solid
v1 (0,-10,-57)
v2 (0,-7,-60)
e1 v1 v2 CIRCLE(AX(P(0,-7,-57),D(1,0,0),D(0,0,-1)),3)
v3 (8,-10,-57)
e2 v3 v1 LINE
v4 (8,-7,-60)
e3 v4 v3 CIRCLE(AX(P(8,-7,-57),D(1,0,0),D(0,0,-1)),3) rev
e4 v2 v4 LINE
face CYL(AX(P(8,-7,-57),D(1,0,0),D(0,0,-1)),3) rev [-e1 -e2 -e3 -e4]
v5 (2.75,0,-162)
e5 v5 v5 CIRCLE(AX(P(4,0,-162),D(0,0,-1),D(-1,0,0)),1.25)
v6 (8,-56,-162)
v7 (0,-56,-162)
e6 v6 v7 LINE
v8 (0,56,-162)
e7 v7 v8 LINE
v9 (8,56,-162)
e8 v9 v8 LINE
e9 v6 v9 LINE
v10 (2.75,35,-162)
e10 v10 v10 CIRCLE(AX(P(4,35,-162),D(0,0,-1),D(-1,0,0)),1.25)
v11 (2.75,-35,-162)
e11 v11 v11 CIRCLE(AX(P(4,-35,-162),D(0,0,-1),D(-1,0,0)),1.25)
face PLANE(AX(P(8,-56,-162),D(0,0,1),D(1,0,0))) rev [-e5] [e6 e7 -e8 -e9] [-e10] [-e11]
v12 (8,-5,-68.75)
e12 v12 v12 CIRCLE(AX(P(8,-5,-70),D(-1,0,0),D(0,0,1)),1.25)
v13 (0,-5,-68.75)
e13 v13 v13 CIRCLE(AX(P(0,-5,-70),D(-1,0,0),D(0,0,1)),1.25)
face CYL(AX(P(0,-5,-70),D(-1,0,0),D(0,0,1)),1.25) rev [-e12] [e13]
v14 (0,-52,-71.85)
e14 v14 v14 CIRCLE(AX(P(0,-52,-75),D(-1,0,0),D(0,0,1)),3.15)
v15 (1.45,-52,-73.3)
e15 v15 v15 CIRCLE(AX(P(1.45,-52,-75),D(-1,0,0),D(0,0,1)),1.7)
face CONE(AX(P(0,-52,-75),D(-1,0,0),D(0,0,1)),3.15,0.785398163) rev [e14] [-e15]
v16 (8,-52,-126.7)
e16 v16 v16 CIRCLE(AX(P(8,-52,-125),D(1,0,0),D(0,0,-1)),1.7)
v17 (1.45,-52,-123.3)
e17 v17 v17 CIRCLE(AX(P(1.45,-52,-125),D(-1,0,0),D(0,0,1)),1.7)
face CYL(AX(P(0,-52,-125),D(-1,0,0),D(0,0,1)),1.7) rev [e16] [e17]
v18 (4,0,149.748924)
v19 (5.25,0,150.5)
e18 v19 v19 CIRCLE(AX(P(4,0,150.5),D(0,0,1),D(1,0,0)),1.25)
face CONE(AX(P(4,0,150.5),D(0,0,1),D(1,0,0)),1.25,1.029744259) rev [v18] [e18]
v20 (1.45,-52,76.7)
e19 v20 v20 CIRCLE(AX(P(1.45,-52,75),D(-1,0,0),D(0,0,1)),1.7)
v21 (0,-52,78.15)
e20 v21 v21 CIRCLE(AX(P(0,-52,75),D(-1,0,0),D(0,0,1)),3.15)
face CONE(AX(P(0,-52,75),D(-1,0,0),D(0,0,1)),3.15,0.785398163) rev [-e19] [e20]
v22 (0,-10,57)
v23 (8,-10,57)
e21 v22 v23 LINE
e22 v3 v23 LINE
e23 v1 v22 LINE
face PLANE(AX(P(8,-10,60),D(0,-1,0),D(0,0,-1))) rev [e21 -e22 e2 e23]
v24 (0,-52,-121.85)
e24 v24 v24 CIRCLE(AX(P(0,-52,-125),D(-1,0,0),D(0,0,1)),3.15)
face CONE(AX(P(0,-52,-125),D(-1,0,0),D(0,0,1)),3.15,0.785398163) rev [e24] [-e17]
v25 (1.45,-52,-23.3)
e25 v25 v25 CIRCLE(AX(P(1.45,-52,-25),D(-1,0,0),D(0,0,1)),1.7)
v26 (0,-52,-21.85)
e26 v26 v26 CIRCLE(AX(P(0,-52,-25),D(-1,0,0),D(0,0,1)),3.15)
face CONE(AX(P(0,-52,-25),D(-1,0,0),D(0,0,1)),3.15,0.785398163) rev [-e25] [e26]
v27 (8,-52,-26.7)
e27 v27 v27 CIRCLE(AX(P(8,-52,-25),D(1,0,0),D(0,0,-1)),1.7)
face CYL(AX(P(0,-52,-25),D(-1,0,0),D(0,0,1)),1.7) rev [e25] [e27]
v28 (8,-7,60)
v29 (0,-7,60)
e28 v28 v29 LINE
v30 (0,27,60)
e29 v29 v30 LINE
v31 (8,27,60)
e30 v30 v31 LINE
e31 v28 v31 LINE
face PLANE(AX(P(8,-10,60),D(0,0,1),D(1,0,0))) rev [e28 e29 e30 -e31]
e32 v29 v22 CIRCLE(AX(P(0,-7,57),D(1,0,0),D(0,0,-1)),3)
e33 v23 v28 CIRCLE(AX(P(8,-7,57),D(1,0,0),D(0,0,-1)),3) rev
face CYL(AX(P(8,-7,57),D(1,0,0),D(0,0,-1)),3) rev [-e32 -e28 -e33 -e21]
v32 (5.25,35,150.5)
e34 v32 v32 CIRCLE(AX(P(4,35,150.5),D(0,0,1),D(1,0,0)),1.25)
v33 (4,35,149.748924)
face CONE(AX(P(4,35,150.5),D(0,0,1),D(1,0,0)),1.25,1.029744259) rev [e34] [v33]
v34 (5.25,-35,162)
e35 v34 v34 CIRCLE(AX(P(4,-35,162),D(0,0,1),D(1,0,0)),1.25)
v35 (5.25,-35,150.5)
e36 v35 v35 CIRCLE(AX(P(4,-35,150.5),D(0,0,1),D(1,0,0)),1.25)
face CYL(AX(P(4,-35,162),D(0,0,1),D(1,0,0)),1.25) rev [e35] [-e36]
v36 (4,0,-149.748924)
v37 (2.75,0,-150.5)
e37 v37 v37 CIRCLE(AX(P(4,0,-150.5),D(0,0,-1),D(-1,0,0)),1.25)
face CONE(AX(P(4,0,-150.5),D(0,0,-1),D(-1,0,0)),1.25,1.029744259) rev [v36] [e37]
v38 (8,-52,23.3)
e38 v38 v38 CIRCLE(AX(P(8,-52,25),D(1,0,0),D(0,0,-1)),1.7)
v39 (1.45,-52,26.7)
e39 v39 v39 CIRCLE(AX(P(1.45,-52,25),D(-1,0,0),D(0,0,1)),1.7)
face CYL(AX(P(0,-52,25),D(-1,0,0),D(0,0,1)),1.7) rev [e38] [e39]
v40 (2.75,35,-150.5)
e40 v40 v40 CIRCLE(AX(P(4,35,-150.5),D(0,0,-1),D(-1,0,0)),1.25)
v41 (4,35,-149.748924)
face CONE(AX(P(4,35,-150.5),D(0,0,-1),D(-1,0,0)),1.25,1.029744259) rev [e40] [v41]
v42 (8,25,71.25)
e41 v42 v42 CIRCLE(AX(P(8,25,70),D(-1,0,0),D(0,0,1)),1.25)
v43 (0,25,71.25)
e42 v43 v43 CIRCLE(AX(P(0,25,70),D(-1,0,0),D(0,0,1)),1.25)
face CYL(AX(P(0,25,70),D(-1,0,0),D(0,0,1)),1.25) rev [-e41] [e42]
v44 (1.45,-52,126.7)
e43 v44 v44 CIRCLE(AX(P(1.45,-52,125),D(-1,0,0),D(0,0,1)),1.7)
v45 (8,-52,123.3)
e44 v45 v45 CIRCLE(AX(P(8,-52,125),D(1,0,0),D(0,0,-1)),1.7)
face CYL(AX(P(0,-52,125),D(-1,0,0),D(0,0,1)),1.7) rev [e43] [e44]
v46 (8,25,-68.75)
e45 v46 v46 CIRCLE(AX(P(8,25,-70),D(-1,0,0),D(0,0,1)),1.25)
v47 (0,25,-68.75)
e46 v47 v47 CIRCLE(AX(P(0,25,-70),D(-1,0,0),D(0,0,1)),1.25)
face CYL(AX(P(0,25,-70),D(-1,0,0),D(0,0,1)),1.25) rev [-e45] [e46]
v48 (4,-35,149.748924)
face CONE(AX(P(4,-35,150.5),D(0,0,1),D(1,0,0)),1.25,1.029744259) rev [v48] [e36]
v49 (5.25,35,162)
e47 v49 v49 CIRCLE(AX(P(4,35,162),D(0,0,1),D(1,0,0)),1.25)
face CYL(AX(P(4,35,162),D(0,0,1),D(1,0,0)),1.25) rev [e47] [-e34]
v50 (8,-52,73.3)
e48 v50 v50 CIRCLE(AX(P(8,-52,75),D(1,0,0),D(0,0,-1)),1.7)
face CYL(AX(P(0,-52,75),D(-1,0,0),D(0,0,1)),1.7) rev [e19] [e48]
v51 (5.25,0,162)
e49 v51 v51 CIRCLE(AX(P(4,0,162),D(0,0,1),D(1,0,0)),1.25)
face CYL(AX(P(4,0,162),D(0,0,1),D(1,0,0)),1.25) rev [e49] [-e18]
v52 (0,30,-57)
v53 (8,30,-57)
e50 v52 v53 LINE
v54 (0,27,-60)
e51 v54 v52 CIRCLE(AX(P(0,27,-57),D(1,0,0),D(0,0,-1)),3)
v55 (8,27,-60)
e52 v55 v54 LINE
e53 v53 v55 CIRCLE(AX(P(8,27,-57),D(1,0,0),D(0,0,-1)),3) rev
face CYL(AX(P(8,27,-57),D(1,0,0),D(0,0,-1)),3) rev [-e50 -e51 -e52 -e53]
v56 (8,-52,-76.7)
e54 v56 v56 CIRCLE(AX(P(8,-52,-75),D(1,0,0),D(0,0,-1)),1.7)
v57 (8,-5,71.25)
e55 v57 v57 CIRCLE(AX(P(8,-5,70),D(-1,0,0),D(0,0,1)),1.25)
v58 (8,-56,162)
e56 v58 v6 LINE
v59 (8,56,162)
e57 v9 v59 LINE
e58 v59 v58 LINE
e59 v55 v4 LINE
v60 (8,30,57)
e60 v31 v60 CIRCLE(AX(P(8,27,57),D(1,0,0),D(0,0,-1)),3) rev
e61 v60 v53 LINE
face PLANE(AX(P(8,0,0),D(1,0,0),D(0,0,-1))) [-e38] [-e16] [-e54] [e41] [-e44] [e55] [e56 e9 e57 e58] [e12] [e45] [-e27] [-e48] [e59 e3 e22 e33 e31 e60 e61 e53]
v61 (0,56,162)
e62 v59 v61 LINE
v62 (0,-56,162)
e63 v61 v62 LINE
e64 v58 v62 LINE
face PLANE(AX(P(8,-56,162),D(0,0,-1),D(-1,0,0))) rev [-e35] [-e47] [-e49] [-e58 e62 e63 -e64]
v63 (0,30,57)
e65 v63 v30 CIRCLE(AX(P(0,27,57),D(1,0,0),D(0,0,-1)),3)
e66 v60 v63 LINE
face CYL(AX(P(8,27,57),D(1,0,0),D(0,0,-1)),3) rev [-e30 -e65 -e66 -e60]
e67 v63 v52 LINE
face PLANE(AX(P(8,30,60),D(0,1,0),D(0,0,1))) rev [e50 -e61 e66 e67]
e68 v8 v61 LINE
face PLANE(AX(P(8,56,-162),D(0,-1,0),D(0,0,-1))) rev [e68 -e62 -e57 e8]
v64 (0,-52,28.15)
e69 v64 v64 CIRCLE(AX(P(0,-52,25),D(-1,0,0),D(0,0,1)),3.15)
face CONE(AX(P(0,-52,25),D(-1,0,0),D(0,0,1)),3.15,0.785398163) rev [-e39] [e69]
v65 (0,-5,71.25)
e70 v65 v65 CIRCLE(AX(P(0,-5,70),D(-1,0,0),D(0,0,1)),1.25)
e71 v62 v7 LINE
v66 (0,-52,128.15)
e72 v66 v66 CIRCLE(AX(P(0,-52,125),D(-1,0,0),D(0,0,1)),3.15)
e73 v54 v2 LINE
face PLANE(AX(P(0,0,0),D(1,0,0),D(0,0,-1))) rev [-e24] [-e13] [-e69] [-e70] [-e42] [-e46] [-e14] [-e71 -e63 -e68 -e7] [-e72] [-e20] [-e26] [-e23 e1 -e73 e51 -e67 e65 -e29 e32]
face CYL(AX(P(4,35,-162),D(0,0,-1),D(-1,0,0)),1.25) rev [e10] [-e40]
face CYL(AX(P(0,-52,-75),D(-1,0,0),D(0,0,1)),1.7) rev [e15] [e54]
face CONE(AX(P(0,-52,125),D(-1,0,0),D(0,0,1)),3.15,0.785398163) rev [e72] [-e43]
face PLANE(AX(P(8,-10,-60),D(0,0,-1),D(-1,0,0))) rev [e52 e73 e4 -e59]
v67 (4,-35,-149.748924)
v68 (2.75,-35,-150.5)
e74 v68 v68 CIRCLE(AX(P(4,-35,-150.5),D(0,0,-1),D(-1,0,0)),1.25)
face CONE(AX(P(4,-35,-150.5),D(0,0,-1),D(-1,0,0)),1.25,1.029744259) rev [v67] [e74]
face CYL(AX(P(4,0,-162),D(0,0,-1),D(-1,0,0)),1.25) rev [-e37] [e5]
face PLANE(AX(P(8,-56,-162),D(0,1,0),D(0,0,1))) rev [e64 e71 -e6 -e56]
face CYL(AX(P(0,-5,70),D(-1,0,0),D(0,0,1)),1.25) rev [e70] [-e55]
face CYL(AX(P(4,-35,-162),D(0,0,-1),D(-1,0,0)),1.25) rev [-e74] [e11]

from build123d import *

# Parameters (mm, degrees)
SKETCH1_W                                     = 324
SKETCH1_H                                     = 112
BOSS_EXTRUDE1_DEPTH                           = 8
M3X0_5_TAPPED_HOLE1_AT_2_COUNT                = 2
M3X0_5_TAPPED_HOLE1_AT_2_PITCH                = 35
M3X0_5_TAPPED_HOLE1_AT_3_COUNT                = 2
M3X0_5_TAPPED_HOLE1_AT_3_PITCH                = 70
CSK_FOR_M3_COUNTERSUNK_FLAT_HEAD1_D           = 3.4
CSK_FOR_M3_COUNTERSUNK_FLAT_HEAD1_DEPTH       = 11.5
CSK_FOR_M3_COUNTERSUNK_FLAT_HEAD1_CSINK_D     = 6.3
CSK_FOR_M3_COUNTERSUNK_FLAT_HEAD1_CSINK_ANGLE = 90
CSK_FOR_M3_COUNTERSUNK_FLAT_HEAD1_TIP         = 1.021463052
SKETCH9_W                                     = 120
SKETCH9_H                                     = 40
CUT_EXTRUDE1_DEPTH                            = 172.59254063
M3X0_5_TAPPED_HOLE2_D                         = 2.5
FILLET1_R                                     = 3


with BuildPart() as part:
    # Sketch1 → Boss-Extrude1 (new body)
    with BuildSketch(Plane(origin=(0, 0, 0), x_dir=(0, 0, -1), z_dir=(1, 0, 0))):
        Rectangle(SKETCH1_W, SKETCH1_H)
    extrude(amount=BOSS_EXTRUDE1_DEPTH)

    # Sketch4 → M3x0.5 Tapped Hole1 (revolve, cut)
    with BuildSketch(Plane(origin=(4, 35, 162), x_dir=(0, -1, 0), z_dir=(1, 0, 0))):
        Polygon((0, 0), (0, 12.251075774), (1.25, 11.5), (1.25, 0), align=None)
    m3x0_5_tapped_hole1 = revolve(axis=Axis((4, 35, 168.35), (0, 0, -1)), mode=Mode.SUBTRACT)

    # M3x0.5 Tapped Hole1 at 2: M3x0.5 Tapped Hole1 ×2
    with Locations(*[(0, -i * M3X0_5_TAPPED_HOLE1_AT_2_PITCH, 0) for i in range(1, M3X0_5_TAPPED_HOLE1_AT_2_COUNT)]):
        add(m3x0_5_tapped_hole1, mode=Mode.SUBTRACT)

    # M3x0.5 Tapped Hole1 at 3: M3x0.5 Tapped Hole1 ×2
    with Locations(*[(0, -i * M3X0_5_TAPPED_HOLE1_AT_3_PITCH, 0) for i in range(1, M3X0_5_TAPPED_HOLE1_AT_3_COUNT)]):
        add(m3x0_5_tapped_hole1, mode=Mode.SUBTRACT)

    # Mirror1: M3x0.5 Tapped Hole1 across plane
    add(m3x0_5_tapped_hole1.mirror(Plane.XY), mode=Mode.SUBTRACT)

    # Mirror1 copy 1 sketch → Mirror1 copy 1 (revolve, cut)
    with BuildSketch(Plane(origin=(4, 0, -162), x_dir=(0, -1, 0), z_dir=(1, 0, 0))):
        Polygon((0, 0), (0, -12.251075774), (1.25, -11.5), (1.25, 0), align=None)
    revolve(axis=Axis((4, 0, -168.35), (0, 0, -1)), mode=Mode.SUBTRACT)

    # Mirror1 copy 2 sketch → Mirror1 copy 2 (revolve, cut)
    with BuildSketch(Plane(origin=(4, -35, -162), x_dir=(0, -1, 0), z_dir=(1, 0, 0))):
        Polygon((0, 0), (0, -12.251075774), (1.25, -11.5), (1.25, 0), align=None)
    revolve(axis=Axis((4, -35, -168.35), (0, 0, -1)), mode=Mode.SUBTRACT)

    # CSK for M3 Countersunk Flat Head1
    with Locations(Plane(origin=(0, -52, -125), x_dir=(0, 0, -1), z_dir=(-1, 0, 0))):
        with Locations((0, 0), (-50, 0), (-100, 0), (-150, 0), (-200, 0), (-250, 0)):
            CounterSinkHole(CSK_FOR_M3_COUNTERSUNK_FLAT_HEAD1_D / 2, CSK_FOR_M3_COUNTERSUNK_FLAT_HEAD1_CSINK_D / 2, depth=CSK_FOR_M3_COUNTERSUNK_FLAT_HEAD1_DEPTH, counter_sink_angle=CSK_FOR_M3_COUNTERSUNK_FLAT_HEAD1_CSINK_ANGLE)
            with Locations((0, 0, -(CSK_FOR_M3_COUNTERSUNK_FLAT_HEAD1_DEPTH + CSK_FOR_M3_COUNTERSUNK_FLAT_HEAD1_TIP / 2))):  # 118° drill point
                Cone(0, CSK_FOR_M3_COUNTERSUNK_FLAT_HEAD1_D / 2, CSK_FOR_M3_COUNTERSUNK_FLAT_HEAD1_TIP, mode=Mode.SUBTRACT)

    # Sketch9 → Cut-Extrude1 (cut, through all)
    with BuildSketch(Plane.ZY):
        with Locations((0, 10)):
            Rectangle(SKETCH9_W, SKETCH9_H)
    extrude(amount=-CUT_EXTRUDE1_DEPTH, mode=Mode.SUBTRACT)

    # M3x0.5 Tapped Hole2 (through all)
    with Locations(Plane(origin=(0, 25, -70), x_dir=(0, 0, -1), z_dir=(-1, 0, 0))):
        with Locations((0, 0), (0, 30)):
            m3x0_5_tapped_hole2 = Hole(M3X0_5_TAPPED_HOLE2_D / 2)

    # Mirror2: M3x0.5 Tapped Hole2 across plane
    add(m3x0_5_tapped_hole2.mirror(Plane.XY), mode=Mode.SUBTRACT)

    # Fillet1
    fillet1_edges = [part.edges().sort_by_distance(p)[0] for p in [
        (4, -10, -60),
        (4, 30, -60),
        (4, 30, 60),
        (4, -10, 60),
    ]]
    fillet(fillet1_edges, radius=FILLET1_R)


solid = part.part
